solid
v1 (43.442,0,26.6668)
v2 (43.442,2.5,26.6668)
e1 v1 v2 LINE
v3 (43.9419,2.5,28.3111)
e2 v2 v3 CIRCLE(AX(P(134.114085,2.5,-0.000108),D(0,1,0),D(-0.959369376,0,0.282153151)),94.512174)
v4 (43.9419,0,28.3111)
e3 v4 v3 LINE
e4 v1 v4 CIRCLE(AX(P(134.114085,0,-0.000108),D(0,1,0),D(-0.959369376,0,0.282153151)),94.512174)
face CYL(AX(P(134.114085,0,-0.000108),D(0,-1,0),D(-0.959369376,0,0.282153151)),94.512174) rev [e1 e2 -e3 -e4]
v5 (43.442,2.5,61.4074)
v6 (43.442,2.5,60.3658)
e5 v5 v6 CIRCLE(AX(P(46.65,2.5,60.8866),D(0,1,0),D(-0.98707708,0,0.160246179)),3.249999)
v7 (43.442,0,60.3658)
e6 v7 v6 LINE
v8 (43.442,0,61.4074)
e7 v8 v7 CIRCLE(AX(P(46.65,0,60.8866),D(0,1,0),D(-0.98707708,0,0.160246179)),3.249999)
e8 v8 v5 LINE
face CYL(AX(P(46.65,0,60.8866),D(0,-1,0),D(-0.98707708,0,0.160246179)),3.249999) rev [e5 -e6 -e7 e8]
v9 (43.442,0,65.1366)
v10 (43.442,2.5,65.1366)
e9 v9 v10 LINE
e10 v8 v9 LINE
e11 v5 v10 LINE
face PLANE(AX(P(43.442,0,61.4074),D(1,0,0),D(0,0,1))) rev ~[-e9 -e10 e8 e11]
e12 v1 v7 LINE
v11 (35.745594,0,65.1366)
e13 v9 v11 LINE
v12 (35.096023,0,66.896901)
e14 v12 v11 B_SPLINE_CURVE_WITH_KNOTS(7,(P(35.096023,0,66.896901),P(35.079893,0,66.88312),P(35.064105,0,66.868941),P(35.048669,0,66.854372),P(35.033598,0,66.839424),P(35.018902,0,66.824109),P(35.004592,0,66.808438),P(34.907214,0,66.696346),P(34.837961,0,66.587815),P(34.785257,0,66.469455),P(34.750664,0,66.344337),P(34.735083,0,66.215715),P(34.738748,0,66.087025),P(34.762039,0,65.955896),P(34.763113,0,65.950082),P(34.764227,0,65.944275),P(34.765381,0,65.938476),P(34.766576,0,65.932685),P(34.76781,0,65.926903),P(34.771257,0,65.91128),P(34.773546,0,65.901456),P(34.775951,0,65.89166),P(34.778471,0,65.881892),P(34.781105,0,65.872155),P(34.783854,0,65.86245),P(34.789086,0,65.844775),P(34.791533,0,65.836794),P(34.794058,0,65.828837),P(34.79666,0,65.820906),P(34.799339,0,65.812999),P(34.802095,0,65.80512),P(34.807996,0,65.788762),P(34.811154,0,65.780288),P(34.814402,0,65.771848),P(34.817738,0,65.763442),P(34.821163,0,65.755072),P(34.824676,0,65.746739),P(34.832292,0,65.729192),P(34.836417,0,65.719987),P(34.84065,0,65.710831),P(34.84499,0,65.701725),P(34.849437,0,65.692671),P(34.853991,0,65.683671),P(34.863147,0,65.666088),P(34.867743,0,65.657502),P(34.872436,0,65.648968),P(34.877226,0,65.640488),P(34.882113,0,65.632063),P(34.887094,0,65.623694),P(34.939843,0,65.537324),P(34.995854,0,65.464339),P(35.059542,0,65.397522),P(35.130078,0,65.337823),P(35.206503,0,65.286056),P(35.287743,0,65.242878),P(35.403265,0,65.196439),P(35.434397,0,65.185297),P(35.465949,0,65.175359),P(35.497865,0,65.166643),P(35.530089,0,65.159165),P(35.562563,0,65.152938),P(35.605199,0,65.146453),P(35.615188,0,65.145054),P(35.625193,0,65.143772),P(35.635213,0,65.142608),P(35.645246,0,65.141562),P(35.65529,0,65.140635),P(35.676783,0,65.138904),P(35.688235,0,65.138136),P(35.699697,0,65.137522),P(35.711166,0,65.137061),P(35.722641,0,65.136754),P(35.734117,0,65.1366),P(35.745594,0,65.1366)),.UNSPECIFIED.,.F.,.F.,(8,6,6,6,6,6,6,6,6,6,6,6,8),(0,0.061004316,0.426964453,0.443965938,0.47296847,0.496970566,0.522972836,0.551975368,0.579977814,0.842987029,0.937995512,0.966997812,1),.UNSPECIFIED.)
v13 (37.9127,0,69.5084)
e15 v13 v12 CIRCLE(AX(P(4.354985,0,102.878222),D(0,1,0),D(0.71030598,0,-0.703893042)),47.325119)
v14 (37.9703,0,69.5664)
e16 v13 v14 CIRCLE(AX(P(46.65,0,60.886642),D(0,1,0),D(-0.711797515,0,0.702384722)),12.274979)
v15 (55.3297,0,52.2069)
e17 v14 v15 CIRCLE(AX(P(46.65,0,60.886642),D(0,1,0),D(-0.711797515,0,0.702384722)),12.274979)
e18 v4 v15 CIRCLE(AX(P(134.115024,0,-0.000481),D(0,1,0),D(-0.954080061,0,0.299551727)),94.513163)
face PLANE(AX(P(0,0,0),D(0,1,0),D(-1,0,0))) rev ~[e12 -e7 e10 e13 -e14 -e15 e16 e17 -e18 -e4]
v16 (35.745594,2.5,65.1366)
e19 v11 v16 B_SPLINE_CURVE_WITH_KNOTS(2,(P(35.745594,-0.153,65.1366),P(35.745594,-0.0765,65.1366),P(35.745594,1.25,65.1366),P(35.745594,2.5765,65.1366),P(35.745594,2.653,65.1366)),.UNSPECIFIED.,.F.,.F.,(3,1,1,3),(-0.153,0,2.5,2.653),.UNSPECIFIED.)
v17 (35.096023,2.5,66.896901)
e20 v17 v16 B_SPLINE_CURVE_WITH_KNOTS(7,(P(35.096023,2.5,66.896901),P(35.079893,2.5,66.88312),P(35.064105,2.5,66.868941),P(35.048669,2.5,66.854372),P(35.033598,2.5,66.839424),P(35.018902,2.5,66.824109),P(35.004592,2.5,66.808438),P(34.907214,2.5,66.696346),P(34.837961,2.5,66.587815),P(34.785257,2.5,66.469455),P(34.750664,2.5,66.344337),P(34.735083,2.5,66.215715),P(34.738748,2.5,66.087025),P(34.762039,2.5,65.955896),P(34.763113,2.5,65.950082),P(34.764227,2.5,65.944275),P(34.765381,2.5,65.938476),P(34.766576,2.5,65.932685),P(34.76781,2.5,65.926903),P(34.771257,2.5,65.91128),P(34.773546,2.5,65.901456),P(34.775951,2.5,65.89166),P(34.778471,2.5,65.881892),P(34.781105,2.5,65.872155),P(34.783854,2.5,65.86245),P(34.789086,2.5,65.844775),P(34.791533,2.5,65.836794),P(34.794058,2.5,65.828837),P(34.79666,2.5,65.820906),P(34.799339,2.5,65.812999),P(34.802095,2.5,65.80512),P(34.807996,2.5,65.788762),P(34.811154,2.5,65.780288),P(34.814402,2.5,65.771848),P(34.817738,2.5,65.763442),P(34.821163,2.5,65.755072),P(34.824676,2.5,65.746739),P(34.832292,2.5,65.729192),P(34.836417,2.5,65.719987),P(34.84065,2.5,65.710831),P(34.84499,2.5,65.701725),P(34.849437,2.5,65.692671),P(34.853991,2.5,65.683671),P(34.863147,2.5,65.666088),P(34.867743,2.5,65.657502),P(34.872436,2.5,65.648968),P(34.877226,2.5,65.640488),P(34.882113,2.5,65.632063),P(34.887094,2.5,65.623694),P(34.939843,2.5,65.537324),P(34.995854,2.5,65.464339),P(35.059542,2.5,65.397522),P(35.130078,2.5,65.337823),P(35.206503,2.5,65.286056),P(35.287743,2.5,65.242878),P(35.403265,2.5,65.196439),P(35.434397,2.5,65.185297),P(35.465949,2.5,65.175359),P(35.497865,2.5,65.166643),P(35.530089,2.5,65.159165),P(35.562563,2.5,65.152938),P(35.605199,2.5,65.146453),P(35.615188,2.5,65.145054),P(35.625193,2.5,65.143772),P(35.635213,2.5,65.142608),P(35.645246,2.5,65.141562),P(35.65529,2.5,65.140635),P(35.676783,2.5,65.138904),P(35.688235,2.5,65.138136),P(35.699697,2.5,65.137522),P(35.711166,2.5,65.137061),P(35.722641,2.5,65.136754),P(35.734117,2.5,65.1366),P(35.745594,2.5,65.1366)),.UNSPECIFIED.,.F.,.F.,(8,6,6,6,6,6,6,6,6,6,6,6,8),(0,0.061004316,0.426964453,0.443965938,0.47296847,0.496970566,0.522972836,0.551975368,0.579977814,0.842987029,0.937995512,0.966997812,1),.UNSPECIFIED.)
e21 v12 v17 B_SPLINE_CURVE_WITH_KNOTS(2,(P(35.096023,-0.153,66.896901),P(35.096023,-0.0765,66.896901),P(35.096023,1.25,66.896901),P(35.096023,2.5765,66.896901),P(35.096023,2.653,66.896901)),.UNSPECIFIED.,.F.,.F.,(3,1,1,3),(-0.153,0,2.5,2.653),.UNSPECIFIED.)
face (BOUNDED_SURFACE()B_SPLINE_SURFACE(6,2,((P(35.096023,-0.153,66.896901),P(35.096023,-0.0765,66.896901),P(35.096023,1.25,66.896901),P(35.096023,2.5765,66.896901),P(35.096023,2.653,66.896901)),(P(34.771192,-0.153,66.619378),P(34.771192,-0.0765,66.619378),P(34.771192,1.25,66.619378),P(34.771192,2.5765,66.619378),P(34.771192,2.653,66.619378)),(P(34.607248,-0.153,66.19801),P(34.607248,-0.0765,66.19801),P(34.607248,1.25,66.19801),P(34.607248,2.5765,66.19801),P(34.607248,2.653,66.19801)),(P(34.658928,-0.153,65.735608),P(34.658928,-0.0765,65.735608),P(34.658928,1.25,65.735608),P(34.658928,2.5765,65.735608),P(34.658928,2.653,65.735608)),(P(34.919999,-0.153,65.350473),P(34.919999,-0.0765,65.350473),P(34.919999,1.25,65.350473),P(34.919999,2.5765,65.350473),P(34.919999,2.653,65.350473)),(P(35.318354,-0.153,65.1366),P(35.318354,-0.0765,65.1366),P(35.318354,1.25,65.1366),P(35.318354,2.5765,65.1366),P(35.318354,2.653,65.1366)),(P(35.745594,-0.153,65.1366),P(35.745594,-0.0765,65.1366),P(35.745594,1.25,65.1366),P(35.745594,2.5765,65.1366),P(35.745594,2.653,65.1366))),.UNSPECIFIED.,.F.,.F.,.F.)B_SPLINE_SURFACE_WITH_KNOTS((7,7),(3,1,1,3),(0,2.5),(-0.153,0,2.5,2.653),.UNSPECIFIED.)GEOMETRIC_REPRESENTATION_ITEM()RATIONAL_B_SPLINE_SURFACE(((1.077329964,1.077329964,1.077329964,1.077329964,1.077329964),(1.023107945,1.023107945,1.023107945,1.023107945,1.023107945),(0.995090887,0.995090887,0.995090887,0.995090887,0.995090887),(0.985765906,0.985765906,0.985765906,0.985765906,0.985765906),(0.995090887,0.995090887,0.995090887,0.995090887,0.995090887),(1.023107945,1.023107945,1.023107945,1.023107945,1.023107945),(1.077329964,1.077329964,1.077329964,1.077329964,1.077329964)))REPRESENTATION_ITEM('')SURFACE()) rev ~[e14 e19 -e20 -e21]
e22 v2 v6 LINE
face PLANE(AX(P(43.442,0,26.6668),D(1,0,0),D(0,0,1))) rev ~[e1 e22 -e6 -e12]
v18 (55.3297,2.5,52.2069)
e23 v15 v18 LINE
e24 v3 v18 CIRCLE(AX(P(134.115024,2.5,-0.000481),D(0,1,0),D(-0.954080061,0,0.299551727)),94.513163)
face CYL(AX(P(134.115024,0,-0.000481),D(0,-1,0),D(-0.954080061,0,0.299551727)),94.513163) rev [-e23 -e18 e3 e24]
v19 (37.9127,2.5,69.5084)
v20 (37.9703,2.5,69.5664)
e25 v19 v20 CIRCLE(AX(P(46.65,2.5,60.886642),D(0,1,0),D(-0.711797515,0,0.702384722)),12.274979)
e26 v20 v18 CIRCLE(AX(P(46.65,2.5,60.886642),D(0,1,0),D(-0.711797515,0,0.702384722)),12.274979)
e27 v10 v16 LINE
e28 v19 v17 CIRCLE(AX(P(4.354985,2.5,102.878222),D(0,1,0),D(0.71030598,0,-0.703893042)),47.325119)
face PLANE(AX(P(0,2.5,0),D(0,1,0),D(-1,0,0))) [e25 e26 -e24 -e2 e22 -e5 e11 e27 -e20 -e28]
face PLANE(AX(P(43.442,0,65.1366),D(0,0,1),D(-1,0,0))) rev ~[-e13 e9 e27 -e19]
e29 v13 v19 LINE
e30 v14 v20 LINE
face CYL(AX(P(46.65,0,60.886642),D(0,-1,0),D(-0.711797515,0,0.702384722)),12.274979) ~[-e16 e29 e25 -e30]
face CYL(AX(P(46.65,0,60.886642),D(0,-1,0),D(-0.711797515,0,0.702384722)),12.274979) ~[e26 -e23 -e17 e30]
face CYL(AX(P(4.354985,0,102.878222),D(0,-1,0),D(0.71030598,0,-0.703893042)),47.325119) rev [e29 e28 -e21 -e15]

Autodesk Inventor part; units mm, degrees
ref_plane "YZ Plane" through (0, 0, 0) normal (1, 0, 0) x (0, 1, 0)
ref_plane "XZ Plane" through (0, 0, 0) normal (0, 1, 0) x (-1, 0, 0)
ref_plane "XY Plane" through (0, 0, 0) normal (0, 0, 1) x (1, 0, 0)
sketch "Sketch1" plane through (0, 0, 0) normal (0, 1, 0) x (-1, 0, 0)
  arc A0 (-43.442, 61.4074) -> (-43.442, 60.3658) centre (-46.65, 60.8866) ccw
  arc A1 (-43.9419, 28.3111) -> (-55.3297, 52.2069) centre (-134.1138, 0) ccw
  arc A2 (-37.9127, 69.5084) -> (-55.3297, 52.2069) centre (-46.65, 60.8866) ccw
  arc A3 (-37.9703, 69.5664) -> (-33.5565, 65.6366) centre (-4.3624, 102.8704) ccw
  arc A4 (-43.442, 26.6668) -> (-55.3297, 52.2069) centre (-134.1138, 0) ccw
  arc A5 (-43.9419, 28.3111) -> (-55.3297, 52.2069) centre (-134.1138, 0) ccw
  arc A6 (-37.9703, 69.5664) -> (-55.3297, 52.2069) centre (-46.65, 60.8866) ccw
  arc A7 (-37.9703, 69.5664) -> (-32.9073, 65.1366) centre (-4.3624, 102.8704) ccw
  arc A8 (-43.442, 61.4075) -> (-43.442, 60.3658) centre (-46.65, 60.8866) ccw
  arc A9 (-43.442, 61.4074) -> (-43.442, 60.3658) centre (-46.65, 60.8866) ccw
  line L0 (-43.442, 26.6668) -> (-43.442, 60.8866)
  line L1 (-43.442, 60.8866) -> (-43.442, 65.1366)
  line L2 (-43.442, 65.1366) -> (-32.9073, 65.1366)
  line L3 (-43.442, 65.1366) -> (-43.442, 26.6668)
  arc A10 (-43.442, 26.6668) -> (-55.3297, 52.2069) centre (-134.1139, -0.0001) ccw
  arc A11 (-37.9703, 69.5664) -> (-55.3297, 52.2069) centre (-46.65, 60.8866) ccw
  arc A12 (-37.9703, 69.5664) -> (-32.9073, 65.1366) centre (-4.3624, 102.8704) ccw
  line L4 (-32.9073, 65.1366) -> (-43.442, 65.1366)
  arc A13 (-43.442, 61.4074) -> (-43.442, 60.3658) centre (-46.65, 60.8866) ccw
  point P0 (0, 0)
  point P1 (-43.9419, 28.3111)
extrude "Extrusion2" add sketch "Sketch1" along normal blind 2.5 contours A0 L0 A4 A1 A2 A3 A7 L2 L1
fillet "Fillet1" radius 1 1 edges at (32.9073, 1.25, 65.1366)
properties part number "rumahbearing"
